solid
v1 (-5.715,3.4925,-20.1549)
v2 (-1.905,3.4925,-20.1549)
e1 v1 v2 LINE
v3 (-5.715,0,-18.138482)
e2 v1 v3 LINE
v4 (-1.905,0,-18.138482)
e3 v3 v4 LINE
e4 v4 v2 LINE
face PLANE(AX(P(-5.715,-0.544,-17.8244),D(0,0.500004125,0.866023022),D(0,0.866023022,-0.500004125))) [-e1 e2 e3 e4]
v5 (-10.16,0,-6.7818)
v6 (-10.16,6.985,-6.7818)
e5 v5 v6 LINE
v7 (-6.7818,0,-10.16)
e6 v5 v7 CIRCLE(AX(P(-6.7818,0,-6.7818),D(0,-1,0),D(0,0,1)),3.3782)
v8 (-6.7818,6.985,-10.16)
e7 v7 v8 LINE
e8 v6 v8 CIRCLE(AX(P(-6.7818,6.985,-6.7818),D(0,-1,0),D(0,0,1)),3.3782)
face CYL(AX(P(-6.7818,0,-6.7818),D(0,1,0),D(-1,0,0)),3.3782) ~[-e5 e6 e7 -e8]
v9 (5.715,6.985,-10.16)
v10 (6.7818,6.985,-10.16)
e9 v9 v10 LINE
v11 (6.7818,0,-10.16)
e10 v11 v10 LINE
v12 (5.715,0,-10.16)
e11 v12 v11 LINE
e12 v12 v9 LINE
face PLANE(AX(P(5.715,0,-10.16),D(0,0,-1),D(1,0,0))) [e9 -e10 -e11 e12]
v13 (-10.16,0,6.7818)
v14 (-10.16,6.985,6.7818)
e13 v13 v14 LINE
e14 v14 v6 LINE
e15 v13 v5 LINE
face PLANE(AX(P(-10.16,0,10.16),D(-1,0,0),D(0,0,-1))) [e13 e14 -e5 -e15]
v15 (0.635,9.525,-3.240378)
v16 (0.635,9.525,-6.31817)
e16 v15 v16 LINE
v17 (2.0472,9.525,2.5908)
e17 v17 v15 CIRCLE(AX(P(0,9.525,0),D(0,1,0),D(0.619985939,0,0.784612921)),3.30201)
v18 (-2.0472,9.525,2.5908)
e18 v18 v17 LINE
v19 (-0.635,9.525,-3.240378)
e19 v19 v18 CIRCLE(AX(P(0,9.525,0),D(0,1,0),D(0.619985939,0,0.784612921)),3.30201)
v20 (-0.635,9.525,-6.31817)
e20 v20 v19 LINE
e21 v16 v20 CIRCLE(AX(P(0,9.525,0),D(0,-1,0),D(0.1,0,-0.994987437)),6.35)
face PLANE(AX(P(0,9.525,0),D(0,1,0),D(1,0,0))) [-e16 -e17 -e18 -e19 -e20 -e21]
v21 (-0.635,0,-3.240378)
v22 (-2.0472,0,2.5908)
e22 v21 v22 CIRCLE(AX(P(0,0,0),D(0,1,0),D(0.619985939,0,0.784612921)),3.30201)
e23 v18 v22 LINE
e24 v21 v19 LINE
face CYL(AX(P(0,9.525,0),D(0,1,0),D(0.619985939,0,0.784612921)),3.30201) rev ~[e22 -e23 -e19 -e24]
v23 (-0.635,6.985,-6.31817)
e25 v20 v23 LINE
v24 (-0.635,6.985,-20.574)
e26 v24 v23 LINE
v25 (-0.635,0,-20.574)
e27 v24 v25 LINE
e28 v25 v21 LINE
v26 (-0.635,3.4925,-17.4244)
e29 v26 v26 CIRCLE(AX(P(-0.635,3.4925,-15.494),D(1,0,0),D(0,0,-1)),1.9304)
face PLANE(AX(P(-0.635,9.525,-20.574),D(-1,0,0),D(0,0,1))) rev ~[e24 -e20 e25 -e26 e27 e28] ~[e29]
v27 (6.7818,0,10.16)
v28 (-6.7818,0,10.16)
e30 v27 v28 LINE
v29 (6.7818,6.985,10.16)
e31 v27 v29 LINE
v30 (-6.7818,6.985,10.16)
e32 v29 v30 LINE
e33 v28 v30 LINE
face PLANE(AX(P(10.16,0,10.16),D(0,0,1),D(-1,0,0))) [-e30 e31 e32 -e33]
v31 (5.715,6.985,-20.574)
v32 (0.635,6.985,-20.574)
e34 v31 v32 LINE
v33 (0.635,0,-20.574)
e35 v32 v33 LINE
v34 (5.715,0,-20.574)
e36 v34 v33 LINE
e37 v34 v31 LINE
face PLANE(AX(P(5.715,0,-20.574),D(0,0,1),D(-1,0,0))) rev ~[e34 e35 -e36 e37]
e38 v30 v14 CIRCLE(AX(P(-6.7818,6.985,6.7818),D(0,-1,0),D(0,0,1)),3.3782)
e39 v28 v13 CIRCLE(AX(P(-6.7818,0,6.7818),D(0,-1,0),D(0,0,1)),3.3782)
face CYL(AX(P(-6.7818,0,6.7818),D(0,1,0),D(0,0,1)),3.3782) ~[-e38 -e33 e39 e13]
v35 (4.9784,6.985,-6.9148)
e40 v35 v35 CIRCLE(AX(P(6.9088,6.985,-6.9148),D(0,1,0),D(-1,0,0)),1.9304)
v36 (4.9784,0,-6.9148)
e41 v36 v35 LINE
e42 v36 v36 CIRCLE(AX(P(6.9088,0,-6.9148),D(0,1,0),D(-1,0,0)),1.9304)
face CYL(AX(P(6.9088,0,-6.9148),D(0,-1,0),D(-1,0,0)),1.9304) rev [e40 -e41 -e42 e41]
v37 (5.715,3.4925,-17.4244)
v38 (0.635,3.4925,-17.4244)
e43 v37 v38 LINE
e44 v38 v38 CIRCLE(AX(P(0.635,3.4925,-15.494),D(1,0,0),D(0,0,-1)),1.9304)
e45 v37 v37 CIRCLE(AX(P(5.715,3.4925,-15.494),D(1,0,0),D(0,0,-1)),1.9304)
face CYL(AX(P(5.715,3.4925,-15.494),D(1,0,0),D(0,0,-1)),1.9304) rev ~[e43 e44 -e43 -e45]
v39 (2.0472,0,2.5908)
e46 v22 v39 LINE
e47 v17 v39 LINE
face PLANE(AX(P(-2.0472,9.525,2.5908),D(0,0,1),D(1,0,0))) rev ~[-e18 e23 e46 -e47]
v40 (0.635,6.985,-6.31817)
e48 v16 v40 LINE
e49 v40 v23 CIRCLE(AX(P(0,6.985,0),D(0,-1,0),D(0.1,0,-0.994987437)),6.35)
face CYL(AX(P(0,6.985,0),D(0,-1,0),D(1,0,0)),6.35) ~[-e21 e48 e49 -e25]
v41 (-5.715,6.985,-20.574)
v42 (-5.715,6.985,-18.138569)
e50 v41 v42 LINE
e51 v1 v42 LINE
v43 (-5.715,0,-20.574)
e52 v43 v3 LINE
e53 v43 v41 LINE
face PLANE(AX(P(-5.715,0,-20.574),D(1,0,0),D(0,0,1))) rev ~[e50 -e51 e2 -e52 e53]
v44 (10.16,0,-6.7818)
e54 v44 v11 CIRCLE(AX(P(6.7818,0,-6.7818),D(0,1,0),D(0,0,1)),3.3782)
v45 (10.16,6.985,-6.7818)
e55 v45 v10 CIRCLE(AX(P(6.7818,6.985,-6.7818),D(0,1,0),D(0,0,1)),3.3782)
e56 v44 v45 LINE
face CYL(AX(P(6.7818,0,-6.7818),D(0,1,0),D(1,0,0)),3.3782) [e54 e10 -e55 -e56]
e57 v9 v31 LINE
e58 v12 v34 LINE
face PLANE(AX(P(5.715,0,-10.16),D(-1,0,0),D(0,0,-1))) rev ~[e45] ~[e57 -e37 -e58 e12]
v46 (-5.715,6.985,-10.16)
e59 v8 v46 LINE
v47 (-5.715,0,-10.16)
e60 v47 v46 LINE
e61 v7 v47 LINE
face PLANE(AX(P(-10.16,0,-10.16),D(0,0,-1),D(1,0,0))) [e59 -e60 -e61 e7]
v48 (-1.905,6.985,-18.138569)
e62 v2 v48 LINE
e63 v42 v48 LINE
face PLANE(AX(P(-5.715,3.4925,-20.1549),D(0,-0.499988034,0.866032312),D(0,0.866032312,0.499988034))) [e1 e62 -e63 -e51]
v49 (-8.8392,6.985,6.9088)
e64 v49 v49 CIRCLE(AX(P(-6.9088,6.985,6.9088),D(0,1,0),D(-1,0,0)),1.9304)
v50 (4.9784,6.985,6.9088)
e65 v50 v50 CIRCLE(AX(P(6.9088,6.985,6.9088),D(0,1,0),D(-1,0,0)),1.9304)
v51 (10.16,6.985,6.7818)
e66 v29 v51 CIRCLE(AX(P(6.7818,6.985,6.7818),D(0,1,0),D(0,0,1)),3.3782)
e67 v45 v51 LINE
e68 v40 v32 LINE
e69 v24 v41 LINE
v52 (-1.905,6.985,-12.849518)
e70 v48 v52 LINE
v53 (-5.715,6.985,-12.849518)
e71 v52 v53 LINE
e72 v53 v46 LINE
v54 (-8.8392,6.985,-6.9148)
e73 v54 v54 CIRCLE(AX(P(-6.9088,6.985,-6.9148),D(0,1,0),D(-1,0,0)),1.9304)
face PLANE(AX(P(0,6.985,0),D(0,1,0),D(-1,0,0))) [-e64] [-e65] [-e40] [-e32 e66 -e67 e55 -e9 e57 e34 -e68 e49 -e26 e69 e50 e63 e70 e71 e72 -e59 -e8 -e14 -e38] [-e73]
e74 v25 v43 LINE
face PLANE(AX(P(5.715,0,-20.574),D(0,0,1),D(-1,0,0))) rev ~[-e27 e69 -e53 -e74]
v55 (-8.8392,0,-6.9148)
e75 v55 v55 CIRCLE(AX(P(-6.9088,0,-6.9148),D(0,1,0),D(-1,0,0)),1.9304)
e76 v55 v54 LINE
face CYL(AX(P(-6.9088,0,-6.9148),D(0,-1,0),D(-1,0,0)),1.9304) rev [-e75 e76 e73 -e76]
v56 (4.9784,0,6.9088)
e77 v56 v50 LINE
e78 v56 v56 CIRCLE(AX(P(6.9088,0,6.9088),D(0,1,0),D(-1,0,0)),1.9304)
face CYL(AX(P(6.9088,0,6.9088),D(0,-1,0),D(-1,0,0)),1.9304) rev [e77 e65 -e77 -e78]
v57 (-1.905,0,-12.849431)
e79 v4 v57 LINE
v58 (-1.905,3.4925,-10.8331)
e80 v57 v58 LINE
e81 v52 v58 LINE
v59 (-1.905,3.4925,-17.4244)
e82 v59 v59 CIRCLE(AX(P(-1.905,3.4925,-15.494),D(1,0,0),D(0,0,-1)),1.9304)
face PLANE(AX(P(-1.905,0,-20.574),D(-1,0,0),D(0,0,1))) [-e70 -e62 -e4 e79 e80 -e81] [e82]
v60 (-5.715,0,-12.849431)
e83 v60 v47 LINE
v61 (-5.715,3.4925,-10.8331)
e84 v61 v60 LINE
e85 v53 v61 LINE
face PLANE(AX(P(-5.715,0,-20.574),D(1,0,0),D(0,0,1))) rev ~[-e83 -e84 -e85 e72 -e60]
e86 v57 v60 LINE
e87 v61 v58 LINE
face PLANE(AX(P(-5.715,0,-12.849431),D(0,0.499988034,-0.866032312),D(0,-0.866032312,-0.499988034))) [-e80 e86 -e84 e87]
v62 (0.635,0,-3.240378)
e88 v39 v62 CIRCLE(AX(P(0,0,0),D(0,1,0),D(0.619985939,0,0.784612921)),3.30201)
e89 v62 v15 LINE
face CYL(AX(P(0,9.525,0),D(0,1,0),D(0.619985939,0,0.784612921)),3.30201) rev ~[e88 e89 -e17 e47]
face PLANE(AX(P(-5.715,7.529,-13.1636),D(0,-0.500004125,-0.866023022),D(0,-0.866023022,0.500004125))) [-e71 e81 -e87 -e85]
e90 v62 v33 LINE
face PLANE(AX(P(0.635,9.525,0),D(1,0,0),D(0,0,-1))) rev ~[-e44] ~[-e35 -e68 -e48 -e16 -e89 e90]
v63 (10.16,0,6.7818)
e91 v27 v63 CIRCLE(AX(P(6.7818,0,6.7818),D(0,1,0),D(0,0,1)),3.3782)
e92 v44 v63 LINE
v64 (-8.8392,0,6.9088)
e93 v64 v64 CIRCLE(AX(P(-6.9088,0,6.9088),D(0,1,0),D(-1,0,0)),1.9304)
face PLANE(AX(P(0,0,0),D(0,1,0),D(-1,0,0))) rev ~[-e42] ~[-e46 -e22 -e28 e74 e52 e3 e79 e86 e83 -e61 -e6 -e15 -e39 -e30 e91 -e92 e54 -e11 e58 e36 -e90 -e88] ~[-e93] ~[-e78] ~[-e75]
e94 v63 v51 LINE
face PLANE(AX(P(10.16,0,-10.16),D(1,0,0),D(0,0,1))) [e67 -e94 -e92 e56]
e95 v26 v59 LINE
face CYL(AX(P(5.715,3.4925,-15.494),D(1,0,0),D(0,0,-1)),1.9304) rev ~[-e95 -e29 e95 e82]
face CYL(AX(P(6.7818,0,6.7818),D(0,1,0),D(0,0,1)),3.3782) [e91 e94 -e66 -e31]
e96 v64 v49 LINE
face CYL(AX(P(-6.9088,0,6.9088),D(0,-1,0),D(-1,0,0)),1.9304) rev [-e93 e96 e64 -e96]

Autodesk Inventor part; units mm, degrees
ref_plane "YZ Plane" through (0, 0, 0) normal (1, 0, 0) x (0, 1, 0)
ref_plane "XZ Plane" through (0, 0, 0) normal (0, 1, 0) x (-1, 0, 0)
ref_plane "XY Plane" through (0, 0, 0) normal (0, 0, 1) x (1, 0, 0)
sketch "Sketch1" plane through (0, 0, 0) normal (0, 1, 0) x (-1, 0, 0)
  line L0 (-10.16, 10.16) -> (10.16, 10.16)
  line L1 (10.16, 10.16) -> (10.16, -10.16)
  line L2 (-10.16, -10.16) -> (-10.16, 10.16)
  circle A0 centre (6.9088, -6.9148) radius 1.9304
  circle A1 centre (6.9088, 6.9088) radius 1.9304
  circle A2 centre (-6.9088, 6.9088) radius 1.9304
  circle A3 centre (-6.9088, -6.9148) radius 1.9304
  line L3 (-5.715, -10.16) -> (-5.715, -20.574)
  line L4 (-5.715, -20.574) -> (5.715, -20.574)
  line L5 (5.715, -20.574) -> (5.715, -10.16)
  line L6 (10.16, -10.16) -> (5.715, -10.16)
  line L7 (-5.715, -10.16) -> (-10.16, -10.16)
  point P0 (0, 0)
  dimension "d0" = 20.32
  dimension "d2" = 10.16
  dimension "d3" = 10.16
  dimension "d4" = 3.8608
  dimension "d5" = 6.9148
  dimension "d6" = 6.9088
  dimension "d7" = 3.8608
  dimension "d8" = 6.9088
  dimension "d9" = 6.9088
  dimension "d10" = 3.8608
  dimension "d11" = 6.9088
  dimension "d12" = 6.9088
  dimension "d13" = 3.8608
  dimension "d14" = 11.43
  dimension "d16" = 5.715
extrude "Extrusion1" add sketch "Sketch1" along normal blind 6.985
sketch "Sketch2" plane through (-5.715, 0, -20.574) normal (-1, 0, 0) x (0, 0, 1)
  circle A0 centre (5.08, 3.4925) radius 4.6609 construction
  line L0 (10.414, 0) -> (0, 0) projected
  line L1 (0, 0) -> (0, 6.985) projected
  line L2 (9.7409, 3.4925) -> (7.4105, -0.544)
  line L3 (7.4105, -0.544) -> (2.7496, -0.544)
  line L4 (2.7496, -0.544) -> (0.4191, 3.4925)
  line L5 (0.4191, 3.4925) -> (2.7495, 7.529)
  line L6 (2.7495, 7.529) -> (7.4104, 7.529)
  line L7 (7.4104, 7.529) -> (9.7409, 3.4925)
  point P0 (20.574, 0)
  dimension "d19" = 9.3218
  dimension "d20" = 3.4925
  dimension "d21" = 5.08
extrude "Extrusion2" cut sketch "Sketch2" against normal blind 3.81
sketch "Sketch3" plane through (5.715, 0, -10.16) normal (1, 0, 0) x (0, 0, -1)
  circle A0 centre (5.334, 3.4925) radius 1.9304
  line L0 (10.414, 0) -> (10.414, 6.985) projected
  line L1 (0, 6.985) -> (10.414, 6.985) projected
  point P0 (-10.16, 0)
  dimension "d24" = 3.8608
  dimension "d25" = 5.08
  dimension "d26" = 3.4925
extrude "Extrusion3" cut sketch "Sketch3" against normal through all
sketch "Sketch4" plane through (0, 6.985, 0) normal (0, 1, 0) x (1, 0, 0)
  circle A0 centre (0, 0) radius 6.35
  dimension "d29" = 12.7
extrude "Extrusion4" add sketch "Sketch4" along normal blind 2.54
sketch "Sketch5" plane through (0, 9.525, 0) normal (0, 1, 0) x (1, 0, 0)
  arc A0 (2.0472, -2.5908) -> (-2.0472, -2.5908) centre (0, 0) ccw
  line L0 (-2.0472, -2.5908) -> (2.0472, -2.5908)
  dimension "d32" = 6.604
  dimension "d33" = 2.5908
fillet "Fillet1" radius 3.3782 4 edges at (10.16, 3.4925, 10.16) (10.16, 3.4925, -10.16) (-10.16, 3.4925, 10.16) (-10.16, 3.4925, -10.16)
extrude "Extrusion5" cut sketch "Sketch5" against normal through all
sketch "Sketch6" plane through (0, 9.525, 0) normal (0, 1, 0) x (1, 0, 0)
  line L0 (-5.715, 20.574) -> (5.715, 20.574) projected
  line L1 (0.635, 0) -> (0.635, 20.574)
  line L2 (0.635, 20.574) -> (-0.635, 20.574)
  line L3 (-0.635, 20.574) -> (-0.635, 0)
  line L4 (-0.635, -20.574) -> (0.635, 20.574) construction
  line L5 (0.635, -20.574) -> (-0.635, 20.574) construction
  line L6 (-0.635, 0) -> (0.635, 0)
  point P0 (0, 0)
  dimension "d37" = 1.27
extrude "Extrusion6" cut sketch "Sketch6" against normal through all
properties part number "clamping hub 1_4 D a"
